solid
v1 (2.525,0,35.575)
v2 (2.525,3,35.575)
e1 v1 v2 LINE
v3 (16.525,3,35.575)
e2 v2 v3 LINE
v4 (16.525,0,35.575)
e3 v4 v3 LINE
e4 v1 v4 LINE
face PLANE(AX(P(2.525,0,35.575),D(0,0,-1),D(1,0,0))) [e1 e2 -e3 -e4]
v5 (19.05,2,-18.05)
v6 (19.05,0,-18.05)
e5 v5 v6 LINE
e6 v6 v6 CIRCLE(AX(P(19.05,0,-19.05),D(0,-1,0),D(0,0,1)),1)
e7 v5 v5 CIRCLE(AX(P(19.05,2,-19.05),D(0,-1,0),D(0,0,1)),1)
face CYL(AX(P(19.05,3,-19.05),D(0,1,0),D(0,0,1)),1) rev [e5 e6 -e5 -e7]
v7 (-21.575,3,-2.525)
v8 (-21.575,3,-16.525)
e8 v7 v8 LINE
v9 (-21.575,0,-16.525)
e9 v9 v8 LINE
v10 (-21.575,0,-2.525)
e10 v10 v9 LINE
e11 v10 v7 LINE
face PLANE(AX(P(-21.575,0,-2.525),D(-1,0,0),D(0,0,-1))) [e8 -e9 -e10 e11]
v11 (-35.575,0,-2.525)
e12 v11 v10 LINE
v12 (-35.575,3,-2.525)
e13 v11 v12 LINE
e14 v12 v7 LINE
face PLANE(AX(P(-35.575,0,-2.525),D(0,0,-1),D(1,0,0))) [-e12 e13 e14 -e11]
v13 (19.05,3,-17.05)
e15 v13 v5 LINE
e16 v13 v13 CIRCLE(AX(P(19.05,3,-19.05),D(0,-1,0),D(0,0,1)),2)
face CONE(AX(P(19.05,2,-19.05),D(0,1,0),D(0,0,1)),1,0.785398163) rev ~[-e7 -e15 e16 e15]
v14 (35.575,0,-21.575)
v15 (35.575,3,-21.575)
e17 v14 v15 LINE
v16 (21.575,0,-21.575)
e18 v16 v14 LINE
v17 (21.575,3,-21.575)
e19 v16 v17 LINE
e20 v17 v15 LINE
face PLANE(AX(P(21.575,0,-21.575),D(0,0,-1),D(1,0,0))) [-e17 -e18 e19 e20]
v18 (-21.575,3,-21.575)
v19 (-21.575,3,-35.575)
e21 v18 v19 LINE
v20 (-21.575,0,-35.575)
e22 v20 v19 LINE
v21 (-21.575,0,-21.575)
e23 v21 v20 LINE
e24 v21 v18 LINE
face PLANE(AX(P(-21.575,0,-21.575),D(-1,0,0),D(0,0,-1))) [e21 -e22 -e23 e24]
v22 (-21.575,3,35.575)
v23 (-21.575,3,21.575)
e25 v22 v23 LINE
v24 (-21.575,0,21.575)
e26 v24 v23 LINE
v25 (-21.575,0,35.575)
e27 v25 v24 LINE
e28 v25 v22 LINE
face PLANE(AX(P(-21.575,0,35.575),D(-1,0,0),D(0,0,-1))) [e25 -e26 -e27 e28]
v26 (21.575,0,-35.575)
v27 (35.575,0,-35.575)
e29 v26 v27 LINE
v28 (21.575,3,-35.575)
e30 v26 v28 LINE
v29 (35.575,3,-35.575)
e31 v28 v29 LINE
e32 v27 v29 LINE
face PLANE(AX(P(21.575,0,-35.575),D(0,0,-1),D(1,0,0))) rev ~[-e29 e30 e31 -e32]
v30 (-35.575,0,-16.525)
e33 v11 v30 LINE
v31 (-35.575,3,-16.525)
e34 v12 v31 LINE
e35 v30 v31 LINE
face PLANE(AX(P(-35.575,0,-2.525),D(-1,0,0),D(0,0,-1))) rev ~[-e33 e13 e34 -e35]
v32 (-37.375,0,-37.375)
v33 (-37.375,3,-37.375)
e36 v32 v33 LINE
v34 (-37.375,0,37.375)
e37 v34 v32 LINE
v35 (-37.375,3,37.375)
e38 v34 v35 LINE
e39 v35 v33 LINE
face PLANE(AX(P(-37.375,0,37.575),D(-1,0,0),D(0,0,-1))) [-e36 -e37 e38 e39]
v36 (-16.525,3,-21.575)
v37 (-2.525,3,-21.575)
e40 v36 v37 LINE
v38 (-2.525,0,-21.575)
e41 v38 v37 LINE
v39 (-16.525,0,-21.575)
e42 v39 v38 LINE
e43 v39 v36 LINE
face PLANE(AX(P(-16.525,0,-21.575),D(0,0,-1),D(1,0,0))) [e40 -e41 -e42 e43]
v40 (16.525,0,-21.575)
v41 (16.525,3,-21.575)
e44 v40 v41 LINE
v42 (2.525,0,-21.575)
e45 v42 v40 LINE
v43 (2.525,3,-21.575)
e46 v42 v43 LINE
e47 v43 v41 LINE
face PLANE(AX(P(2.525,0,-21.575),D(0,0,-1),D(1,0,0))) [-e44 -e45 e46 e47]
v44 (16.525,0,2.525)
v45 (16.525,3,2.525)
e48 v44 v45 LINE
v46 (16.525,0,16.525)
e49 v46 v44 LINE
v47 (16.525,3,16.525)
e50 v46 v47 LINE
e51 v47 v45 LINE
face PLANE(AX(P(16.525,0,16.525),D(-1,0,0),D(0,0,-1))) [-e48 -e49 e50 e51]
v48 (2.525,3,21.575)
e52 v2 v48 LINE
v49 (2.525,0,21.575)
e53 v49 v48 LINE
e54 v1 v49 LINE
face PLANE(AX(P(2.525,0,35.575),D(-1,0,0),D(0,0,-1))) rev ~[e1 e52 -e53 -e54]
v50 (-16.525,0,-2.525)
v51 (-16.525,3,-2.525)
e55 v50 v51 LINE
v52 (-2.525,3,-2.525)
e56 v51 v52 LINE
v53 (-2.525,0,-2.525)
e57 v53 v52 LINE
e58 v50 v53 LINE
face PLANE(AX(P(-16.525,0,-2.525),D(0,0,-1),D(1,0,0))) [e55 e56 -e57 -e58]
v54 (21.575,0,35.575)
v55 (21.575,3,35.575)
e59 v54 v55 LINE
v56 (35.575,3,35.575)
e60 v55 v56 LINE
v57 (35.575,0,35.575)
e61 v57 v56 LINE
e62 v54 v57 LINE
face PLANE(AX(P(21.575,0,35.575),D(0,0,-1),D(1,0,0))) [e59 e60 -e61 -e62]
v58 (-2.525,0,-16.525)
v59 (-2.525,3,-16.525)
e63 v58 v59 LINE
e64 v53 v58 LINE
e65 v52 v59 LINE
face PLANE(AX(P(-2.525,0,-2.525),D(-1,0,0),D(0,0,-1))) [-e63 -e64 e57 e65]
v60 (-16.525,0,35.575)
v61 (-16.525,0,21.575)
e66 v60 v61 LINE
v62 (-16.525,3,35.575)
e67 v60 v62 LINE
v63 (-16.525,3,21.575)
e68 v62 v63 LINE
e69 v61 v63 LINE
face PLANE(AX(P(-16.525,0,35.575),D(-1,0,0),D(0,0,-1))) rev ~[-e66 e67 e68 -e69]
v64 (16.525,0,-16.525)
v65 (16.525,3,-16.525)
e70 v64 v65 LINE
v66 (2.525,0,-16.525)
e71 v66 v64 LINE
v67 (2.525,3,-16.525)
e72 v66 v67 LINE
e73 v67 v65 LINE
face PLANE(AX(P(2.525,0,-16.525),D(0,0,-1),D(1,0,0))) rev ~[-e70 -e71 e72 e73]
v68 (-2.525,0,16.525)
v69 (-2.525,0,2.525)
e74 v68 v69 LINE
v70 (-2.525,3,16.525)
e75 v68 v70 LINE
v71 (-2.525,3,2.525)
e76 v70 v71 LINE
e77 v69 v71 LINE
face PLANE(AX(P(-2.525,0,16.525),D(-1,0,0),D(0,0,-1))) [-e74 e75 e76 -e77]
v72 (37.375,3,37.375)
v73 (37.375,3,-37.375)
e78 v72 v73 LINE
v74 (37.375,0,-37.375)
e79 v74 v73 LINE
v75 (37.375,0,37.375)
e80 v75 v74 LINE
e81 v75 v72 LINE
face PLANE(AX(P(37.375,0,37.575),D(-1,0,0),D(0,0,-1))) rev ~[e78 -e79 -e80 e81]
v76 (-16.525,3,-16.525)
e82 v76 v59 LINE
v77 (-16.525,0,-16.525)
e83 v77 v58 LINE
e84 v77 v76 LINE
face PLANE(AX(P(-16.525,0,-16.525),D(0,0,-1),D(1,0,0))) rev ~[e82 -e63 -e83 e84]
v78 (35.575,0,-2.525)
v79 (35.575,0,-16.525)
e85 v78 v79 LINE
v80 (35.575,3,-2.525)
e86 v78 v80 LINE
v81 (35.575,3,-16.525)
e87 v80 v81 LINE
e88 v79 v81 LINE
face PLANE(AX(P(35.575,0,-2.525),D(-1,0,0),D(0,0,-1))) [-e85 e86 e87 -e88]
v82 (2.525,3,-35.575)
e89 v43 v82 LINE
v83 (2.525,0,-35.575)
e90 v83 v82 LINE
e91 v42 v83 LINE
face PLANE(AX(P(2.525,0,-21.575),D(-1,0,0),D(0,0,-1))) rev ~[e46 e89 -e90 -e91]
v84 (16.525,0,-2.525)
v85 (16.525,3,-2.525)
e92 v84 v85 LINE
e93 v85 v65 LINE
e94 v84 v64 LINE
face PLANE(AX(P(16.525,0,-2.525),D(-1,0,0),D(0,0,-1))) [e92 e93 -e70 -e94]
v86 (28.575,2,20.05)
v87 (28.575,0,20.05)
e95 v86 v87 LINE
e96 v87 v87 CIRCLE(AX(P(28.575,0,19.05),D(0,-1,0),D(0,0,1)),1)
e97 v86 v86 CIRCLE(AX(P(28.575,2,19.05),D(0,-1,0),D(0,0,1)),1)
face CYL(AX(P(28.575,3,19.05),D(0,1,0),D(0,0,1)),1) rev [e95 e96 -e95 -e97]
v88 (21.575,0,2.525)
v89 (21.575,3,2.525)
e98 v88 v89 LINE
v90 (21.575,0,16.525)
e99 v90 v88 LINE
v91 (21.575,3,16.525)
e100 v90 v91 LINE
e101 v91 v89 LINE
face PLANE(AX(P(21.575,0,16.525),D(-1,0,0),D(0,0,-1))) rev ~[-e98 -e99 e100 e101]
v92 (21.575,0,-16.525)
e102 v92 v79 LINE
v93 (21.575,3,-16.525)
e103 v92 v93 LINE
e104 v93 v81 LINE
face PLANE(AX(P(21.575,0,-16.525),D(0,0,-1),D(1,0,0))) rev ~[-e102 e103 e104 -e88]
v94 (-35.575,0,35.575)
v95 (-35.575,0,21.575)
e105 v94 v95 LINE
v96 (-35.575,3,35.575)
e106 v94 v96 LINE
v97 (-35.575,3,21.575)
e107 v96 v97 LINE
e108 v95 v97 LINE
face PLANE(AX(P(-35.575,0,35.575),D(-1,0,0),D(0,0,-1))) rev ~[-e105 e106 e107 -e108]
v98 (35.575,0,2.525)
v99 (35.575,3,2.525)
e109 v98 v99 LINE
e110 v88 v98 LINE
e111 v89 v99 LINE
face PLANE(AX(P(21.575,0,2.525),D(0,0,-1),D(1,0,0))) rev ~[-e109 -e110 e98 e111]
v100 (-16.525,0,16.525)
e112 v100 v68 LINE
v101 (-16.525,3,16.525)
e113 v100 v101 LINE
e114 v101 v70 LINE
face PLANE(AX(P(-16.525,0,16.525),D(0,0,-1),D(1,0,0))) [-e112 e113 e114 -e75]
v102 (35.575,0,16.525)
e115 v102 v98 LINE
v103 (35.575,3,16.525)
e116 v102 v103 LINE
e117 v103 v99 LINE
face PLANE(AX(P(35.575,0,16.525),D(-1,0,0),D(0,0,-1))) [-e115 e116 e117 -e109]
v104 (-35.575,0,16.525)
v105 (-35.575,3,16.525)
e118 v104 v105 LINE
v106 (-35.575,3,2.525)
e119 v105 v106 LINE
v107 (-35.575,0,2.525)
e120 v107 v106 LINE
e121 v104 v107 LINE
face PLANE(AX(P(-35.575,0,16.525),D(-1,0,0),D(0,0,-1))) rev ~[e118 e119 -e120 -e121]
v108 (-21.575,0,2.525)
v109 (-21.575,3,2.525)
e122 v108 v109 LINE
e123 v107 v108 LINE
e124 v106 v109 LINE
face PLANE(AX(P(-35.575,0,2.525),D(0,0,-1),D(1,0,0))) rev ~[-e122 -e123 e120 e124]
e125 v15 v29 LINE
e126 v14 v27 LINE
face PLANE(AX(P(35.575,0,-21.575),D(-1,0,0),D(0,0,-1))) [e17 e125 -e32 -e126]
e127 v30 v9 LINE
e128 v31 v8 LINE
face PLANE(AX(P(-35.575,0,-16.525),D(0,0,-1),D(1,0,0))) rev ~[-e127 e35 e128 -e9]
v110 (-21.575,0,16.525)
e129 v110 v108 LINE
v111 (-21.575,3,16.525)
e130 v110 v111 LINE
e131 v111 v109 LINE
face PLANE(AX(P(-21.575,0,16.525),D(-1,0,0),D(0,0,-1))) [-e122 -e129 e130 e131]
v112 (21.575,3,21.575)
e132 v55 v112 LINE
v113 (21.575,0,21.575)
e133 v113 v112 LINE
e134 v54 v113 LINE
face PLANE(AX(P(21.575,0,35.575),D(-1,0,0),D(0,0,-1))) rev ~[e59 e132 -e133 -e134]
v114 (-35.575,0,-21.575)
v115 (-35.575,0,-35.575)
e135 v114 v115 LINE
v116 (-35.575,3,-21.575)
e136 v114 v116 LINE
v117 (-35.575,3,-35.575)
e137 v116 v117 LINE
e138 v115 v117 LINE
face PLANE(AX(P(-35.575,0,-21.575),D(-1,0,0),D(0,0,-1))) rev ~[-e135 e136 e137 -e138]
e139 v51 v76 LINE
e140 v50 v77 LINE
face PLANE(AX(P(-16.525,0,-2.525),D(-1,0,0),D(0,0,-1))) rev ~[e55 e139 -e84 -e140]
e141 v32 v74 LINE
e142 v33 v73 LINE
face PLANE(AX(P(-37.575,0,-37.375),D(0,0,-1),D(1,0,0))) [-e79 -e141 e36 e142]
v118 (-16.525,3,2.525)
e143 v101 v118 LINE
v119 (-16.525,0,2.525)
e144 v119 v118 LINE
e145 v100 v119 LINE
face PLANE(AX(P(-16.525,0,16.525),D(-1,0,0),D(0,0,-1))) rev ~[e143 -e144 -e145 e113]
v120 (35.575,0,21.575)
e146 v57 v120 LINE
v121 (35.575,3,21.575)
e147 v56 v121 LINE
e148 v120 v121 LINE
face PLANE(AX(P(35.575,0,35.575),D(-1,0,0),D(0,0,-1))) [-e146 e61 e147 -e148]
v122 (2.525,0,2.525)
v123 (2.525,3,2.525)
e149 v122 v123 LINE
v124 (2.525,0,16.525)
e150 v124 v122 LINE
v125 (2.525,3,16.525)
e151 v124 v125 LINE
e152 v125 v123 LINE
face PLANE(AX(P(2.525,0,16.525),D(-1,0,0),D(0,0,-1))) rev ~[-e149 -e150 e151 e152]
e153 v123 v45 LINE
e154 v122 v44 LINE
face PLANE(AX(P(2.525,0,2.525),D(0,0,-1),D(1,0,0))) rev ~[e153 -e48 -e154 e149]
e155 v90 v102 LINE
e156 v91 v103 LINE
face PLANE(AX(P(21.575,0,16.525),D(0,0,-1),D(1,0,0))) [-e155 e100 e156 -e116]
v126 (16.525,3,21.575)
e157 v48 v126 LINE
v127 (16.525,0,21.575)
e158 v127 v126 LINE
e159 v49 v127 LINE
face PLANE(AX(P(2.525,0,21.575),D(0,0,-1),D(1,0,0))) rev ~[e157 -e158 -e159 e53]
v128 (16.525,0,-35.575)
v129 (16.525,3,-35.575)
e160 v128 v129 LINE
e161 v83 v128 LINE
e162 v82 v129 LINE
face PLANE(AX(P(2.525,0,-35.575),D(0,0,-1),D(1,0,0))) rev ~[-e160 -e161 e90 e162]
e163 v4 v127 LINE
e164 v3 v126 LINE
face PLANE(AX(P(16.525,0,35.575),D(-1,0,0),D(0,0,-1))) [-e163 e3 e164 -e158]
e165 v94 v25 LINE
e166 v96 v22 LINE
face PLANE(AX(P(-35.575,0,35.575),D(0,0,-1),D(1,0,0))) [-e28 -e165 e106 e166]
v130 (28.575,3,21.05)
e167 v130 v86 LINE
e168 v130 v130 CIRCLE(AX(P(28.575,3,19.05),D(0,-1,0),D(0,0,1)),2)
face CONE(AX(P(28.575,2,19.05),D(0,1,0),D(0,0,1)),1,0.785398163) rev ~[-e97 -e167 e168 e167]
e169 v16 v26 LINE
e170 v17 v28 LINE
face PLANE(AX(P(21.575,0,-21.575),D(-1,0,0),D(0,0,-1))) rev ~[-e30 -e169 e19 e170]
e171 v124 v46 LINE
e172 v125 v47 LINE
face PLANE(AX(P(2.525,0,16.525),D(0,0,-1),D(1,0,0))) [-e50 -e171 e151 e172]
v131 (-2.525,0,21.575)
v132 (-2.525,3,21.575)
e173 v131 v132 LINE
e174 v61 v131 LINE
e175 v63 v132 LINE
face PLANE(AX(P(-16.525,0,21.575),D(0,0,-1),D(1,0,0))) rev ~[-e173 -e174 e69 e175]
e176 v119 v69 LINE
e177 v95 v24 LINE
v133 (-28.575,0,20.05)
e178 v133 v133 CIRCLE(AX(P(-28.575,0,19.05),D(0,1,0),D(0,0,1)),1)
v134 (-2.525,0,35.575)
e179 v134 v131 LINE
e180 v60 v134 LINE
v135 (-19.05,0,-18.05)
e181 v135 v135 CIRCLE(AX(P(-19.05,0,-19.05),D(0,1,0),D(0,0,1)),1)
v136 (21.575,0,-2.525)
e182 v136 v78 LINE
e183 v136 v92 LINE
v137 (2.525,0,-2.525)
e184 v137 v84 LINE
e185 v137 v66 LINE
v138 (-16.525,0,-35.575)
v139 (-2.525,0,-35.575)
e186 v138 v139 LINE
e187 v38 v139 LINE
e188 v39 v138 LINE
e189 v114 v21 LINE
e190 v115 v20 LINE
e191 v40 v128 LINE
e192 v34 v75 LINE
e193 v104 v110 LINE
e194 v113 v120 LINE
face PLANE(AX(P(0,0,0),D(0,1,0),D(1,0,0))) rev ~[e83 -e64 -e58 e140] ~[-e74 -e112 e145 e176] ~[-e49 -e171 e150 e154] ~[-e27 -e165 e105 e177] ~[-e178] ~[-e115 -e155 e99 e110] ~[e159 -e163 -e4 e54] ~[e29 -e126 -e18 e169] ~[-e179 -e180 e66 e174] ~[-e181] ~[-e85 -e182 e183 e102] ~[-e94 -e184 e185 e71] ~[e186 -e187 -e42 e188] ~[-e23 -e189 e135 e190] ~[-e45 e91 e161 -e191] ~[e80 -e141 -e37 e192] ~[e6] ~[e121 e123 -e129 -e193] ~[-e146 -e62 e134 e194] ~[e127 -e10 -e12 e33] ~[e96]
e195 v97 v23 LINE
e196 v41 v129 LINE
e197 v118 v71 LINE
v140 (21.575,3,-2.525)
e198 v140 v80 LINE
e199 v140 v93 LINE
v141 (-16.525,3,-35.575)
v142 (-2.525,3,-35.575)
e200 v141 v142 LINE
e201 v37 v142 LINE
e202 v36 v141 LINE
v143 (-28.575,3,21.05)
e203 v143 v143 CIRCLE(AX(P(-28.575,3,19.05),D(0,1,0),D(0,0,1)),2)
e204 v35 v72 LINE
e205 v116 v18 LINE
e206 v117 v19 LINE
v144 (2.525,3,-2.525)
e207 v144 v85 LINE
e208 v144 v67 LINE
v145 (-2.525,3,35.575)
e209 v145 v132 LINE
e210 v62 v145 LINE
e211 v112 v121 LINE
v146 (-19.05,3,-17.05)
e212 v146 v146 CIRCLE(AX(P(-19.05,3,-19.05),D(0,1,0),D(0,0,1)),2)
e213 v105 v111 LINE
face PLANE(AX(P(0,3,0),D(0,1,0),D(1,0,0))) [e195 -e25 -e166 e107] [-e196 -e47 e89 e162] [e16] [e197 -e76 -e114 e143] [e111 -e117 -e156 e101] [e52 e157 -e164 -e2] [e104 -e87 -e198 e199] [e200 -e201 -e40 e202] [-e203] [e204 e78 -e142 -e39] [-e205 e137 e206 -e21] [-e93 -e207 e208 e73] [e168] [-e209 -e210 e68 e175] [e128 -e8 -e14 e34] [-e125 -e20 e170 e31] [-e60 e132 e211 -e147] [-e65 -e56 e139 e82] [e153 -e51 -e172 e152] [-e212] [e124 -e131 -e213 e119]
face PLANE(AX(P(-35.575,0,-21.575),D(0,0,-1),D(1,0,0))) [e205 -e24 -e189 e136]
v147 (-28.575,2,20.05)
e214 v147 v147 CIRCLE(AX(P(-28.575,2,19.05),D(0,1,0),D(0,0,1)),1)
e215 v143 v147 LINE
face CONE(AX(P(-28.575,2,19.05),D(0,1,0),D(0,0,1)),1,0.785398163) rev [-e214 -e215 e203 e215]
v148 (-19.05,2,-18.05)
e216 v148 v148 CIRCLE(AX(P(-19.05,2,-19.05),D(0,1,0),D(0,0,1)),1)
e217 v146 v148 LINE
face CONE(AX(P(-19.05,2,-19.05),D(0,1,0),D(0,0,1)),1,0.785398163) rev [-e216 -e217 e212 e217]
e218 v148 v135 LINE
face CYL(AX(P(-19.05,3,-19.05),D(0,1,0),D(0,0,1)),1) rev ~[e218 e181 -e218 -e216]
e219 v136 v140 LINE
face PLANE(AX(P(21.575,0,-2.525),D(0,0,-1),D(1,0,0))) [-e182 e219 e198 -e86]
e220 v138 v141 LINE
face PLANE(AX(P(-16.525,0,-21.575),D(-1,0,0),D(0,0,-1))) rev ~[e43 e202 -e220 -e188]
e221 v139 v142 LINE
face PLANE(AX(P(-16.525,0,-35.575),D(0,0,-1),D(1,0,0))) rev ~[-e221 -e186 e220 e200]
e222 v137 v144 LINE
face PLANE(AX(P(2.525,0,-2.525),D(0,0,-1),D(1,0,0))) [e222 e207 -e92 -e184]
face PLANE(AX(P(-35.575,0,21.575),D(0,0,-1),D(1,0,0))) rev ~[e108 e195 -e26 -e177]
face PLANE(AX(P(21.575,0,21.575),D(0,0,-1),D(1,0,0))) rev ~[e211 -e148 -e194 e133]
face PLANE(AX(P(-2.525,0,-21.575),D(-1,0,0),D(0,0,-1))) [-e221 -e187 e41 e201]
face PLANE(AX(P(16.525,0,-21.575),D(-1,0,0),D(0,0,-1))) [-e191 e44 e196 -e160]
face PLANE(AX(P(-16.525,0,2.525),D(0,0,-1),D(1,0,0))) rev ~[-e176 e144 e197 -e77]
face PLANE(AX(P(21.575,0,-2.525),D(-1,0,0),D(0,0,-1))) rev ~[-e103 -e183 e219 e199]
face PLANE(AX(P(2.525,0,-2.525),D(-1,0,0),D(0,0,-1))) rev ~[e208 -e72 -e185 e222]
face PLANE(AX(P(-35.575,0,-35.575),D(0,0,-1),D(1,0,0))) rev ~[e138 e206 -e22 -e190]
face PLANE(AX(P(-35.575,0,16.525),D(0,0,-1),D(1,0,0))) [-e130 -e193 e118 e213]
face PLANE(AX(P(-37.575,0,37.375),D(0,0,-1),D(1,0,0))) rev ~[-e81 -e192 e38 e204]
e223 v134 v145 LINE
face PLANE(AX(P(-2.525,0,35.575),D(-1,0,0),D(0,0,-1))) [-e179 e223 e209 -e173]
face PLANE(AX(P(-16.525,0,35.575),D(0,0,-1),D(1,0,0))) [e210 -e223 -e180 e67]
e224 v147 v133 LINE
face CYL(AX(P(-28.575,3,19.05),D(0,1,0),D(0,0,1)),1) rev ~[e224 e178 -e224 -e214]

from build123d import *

# Parameters (mm, degrees)
SKETCH1_W                = 75.15
SKETCH1_H                = 75.15
SKETCH1_W_2              = 14
SKETCH1_H_2              = 14
BOSS_EXTRUDE1_DEPTH      = 3
SKETCH2_R                = 1
CUT_EXTRUDE1_DEPTH       = 3
CHAMFER1_SIZE            = 1
CHAMFER1_OF_MIRROR1_SIZE = 1
MOVE_FACE1_BY            = 0.2
MOVE_FACE1_2_BY          = 0.2
MOVE_FACE1_3_BY          = 0.2
MOVE_FACE1_4_BY          = 0.2


with BuildPart() as part:
    # Sketch1 → Boss-Extrude1 (new body)
    with BuildSketch(Plane(origin=(0, 0, 0), x_dir=(1, 0, 0), z_dir=(0, 1, 0))):
        Rectangle(SKETCH1_W, SKETCH1_H)
        with Locations((-9.525, 28.575)):
            Rectangle(SKETCH1_W_2, SKETCH1_H_2, mode=Mode.SUBTRACT)
        with Locations((-28.575, 28.575)):
            Rectangle(SKETCH1_W_2, SKETCH1_H_2, mode=Mode.SUBTRACT)
        with Locations((9.525, 28.575)):
            Rectangle(SKETCH1_W_2, SKETCH1_H_2, mode=Mode.SUBTRACT)
        with Locations((28.575, 28.575)):
            Rectangle(SKETCH1_W_2, SKETCH1_H_2, mode=Mode.SUBTRACT)
        with Locations((-9.525, 9.525)):
            Rectangle(SKETCH1_W_2, SKETCH1_H_2, mode=Mode.SUBTRACT)
        with Locations((9.525, 9.525)):
            Rectangle(SKETCH1_W_2, SKETCH1_H_2, mode=Mode.SUBTRACT)
        with Locations((28.575, 9.525)):
            Rectangle(SKETCH1_W_2, SKETCH1_H_2, mode=Mode.SUBTRACT)
        with Locations((-9.525, -9.525)):
            Rectangle(SKETCH1_W_2, SKETCH1_H_2, mode=Mode.SUBTRACT)
        with Locations((9.525, -9.525)):
            Rectangle(SKETCH1_W_2, SKETCH1_H_2, mode=Mode.SUBTRACT)
        with Locations((28.575, -9.525)):
            Rectangle(SKETCH1_W_2, SKETCH1_H_2, mode=Mode.SUBTRACT)
        with Locations((-9.525, -28.575)):
            Rectangle(SKETCH1_W_2, SKETCH1_H_2, mode=Mode.SUBTRACT)
        with Locations((9.525, -28.575)):
            Rectangle(SKETCH1_W_2, SKETCH1_H_2, mode=Mode.SUBTRACT)
        with Locations((28.575, -28.575)):
            Rectangle(SKETCH1_W_2, SKETCH1_H_2, mode=Mode.SUBTRACT)
        with Locations((-28.575, 9.525)):
            Rectangle(SKETCH1_W_2, SKETCH1_H_2, mode=Mode.SUBTRACT)
        with Locations((-28.575, -9.525)):
            Rectangle(SKETCH1_W_2, SKETCH1_H_2, mode=Mode.SUBTRACT)
        with Locations((-28.575, -28.575)):
            Rectangle(SKETCH1_W_2, SKETCH1_H_2, mode=Mode.SUBTRACT)
    extrude(amount=BOSS_EXTRUDE1_DEPTH)

    # Sketch2 → Cut-Extrude1 (cut)
    with BuildSketch(Plane(origin=(0, 3, 0), x_dir=(1, 0, 0), z_dir=(0, 1, 0))):
        with Locations(Location((-19.05, 19.05, 0), (0, 0, 270))):
            Circle(SKETCH2_R)
        with Locations(Location((-28.575, -19.05, 0), (0, 0, 270))):
            Circle(SKETCH2_R)
    cut_extrude1 = extrude(amount=-CUT_EXTRUDE1_DEPTH, mode=Mode.SUBTRACT)

    # Chamfer1
    chamfer1_edges = [part.edges().sort_by_distance(p)[0] for p in [
        (-19.05, 3, -20.05),
        (-28.575, 3, 18.05),
    ]]
    chamfer(chamfer1_edges, length=CHAMFER1_SIZE)

    # Mirror1: Cut-Extrude1 across plane
    add(cut_extrude1.mirror(Plane(origin=(0, 0, 0), x_dir=(0, 0, 1), z_dir=(1, 0, 0))), mode=Mode.SUBTRACT)

    # Chamfer1 of Mirror1
    chamfer1_of_mirror1_edges = [part.edges().sort_by_distance(p)[0] for p in [
        (19.05, 3, -20.05),
        (28.575, 3, 18.05),
    ]]
    chamfer(chamfer1_of_mirror1_edges, length=CHAMFER1_OF_MIRROR1_SIZE)

    # Move Face1: a face moved inward by 0.2
    extrude(part.faces().sort_by_distance((37.575, 1.5, 0))[0], amount=MOVE_FACE1_BY, dir=(-1, 0, 0), mode=Mode.SUBTRACT)

    # Move Face1 2: a face moved inward by 0.2
    extrude(part.faces().sort_by_distance((0, 1.5, -37.575))[0], amount=MOVE_FACE1_2_BY, dir=(0, 0, 1), mode=Mode.SUBTRACT)

    # Move Face1 3: a face moved inward by 0.2
    extrude(part.faces().sort_by_distance((0, 1.5, 37.575))[0], amount=MOVE_FACE1_3_BY, dir=(0, 0, -1), mode=Mode.SUBTRACT)

    # Move Face1 4: a face moved inward by 0.2
    extrude(part.faces().sort_by_distance((-37.575, 1.5, 0))[0], amount=MOVE_FACE1_4_BY, dir=(1, 0, 0), mode=Mode.SUBTRACT)


solid = part.part
